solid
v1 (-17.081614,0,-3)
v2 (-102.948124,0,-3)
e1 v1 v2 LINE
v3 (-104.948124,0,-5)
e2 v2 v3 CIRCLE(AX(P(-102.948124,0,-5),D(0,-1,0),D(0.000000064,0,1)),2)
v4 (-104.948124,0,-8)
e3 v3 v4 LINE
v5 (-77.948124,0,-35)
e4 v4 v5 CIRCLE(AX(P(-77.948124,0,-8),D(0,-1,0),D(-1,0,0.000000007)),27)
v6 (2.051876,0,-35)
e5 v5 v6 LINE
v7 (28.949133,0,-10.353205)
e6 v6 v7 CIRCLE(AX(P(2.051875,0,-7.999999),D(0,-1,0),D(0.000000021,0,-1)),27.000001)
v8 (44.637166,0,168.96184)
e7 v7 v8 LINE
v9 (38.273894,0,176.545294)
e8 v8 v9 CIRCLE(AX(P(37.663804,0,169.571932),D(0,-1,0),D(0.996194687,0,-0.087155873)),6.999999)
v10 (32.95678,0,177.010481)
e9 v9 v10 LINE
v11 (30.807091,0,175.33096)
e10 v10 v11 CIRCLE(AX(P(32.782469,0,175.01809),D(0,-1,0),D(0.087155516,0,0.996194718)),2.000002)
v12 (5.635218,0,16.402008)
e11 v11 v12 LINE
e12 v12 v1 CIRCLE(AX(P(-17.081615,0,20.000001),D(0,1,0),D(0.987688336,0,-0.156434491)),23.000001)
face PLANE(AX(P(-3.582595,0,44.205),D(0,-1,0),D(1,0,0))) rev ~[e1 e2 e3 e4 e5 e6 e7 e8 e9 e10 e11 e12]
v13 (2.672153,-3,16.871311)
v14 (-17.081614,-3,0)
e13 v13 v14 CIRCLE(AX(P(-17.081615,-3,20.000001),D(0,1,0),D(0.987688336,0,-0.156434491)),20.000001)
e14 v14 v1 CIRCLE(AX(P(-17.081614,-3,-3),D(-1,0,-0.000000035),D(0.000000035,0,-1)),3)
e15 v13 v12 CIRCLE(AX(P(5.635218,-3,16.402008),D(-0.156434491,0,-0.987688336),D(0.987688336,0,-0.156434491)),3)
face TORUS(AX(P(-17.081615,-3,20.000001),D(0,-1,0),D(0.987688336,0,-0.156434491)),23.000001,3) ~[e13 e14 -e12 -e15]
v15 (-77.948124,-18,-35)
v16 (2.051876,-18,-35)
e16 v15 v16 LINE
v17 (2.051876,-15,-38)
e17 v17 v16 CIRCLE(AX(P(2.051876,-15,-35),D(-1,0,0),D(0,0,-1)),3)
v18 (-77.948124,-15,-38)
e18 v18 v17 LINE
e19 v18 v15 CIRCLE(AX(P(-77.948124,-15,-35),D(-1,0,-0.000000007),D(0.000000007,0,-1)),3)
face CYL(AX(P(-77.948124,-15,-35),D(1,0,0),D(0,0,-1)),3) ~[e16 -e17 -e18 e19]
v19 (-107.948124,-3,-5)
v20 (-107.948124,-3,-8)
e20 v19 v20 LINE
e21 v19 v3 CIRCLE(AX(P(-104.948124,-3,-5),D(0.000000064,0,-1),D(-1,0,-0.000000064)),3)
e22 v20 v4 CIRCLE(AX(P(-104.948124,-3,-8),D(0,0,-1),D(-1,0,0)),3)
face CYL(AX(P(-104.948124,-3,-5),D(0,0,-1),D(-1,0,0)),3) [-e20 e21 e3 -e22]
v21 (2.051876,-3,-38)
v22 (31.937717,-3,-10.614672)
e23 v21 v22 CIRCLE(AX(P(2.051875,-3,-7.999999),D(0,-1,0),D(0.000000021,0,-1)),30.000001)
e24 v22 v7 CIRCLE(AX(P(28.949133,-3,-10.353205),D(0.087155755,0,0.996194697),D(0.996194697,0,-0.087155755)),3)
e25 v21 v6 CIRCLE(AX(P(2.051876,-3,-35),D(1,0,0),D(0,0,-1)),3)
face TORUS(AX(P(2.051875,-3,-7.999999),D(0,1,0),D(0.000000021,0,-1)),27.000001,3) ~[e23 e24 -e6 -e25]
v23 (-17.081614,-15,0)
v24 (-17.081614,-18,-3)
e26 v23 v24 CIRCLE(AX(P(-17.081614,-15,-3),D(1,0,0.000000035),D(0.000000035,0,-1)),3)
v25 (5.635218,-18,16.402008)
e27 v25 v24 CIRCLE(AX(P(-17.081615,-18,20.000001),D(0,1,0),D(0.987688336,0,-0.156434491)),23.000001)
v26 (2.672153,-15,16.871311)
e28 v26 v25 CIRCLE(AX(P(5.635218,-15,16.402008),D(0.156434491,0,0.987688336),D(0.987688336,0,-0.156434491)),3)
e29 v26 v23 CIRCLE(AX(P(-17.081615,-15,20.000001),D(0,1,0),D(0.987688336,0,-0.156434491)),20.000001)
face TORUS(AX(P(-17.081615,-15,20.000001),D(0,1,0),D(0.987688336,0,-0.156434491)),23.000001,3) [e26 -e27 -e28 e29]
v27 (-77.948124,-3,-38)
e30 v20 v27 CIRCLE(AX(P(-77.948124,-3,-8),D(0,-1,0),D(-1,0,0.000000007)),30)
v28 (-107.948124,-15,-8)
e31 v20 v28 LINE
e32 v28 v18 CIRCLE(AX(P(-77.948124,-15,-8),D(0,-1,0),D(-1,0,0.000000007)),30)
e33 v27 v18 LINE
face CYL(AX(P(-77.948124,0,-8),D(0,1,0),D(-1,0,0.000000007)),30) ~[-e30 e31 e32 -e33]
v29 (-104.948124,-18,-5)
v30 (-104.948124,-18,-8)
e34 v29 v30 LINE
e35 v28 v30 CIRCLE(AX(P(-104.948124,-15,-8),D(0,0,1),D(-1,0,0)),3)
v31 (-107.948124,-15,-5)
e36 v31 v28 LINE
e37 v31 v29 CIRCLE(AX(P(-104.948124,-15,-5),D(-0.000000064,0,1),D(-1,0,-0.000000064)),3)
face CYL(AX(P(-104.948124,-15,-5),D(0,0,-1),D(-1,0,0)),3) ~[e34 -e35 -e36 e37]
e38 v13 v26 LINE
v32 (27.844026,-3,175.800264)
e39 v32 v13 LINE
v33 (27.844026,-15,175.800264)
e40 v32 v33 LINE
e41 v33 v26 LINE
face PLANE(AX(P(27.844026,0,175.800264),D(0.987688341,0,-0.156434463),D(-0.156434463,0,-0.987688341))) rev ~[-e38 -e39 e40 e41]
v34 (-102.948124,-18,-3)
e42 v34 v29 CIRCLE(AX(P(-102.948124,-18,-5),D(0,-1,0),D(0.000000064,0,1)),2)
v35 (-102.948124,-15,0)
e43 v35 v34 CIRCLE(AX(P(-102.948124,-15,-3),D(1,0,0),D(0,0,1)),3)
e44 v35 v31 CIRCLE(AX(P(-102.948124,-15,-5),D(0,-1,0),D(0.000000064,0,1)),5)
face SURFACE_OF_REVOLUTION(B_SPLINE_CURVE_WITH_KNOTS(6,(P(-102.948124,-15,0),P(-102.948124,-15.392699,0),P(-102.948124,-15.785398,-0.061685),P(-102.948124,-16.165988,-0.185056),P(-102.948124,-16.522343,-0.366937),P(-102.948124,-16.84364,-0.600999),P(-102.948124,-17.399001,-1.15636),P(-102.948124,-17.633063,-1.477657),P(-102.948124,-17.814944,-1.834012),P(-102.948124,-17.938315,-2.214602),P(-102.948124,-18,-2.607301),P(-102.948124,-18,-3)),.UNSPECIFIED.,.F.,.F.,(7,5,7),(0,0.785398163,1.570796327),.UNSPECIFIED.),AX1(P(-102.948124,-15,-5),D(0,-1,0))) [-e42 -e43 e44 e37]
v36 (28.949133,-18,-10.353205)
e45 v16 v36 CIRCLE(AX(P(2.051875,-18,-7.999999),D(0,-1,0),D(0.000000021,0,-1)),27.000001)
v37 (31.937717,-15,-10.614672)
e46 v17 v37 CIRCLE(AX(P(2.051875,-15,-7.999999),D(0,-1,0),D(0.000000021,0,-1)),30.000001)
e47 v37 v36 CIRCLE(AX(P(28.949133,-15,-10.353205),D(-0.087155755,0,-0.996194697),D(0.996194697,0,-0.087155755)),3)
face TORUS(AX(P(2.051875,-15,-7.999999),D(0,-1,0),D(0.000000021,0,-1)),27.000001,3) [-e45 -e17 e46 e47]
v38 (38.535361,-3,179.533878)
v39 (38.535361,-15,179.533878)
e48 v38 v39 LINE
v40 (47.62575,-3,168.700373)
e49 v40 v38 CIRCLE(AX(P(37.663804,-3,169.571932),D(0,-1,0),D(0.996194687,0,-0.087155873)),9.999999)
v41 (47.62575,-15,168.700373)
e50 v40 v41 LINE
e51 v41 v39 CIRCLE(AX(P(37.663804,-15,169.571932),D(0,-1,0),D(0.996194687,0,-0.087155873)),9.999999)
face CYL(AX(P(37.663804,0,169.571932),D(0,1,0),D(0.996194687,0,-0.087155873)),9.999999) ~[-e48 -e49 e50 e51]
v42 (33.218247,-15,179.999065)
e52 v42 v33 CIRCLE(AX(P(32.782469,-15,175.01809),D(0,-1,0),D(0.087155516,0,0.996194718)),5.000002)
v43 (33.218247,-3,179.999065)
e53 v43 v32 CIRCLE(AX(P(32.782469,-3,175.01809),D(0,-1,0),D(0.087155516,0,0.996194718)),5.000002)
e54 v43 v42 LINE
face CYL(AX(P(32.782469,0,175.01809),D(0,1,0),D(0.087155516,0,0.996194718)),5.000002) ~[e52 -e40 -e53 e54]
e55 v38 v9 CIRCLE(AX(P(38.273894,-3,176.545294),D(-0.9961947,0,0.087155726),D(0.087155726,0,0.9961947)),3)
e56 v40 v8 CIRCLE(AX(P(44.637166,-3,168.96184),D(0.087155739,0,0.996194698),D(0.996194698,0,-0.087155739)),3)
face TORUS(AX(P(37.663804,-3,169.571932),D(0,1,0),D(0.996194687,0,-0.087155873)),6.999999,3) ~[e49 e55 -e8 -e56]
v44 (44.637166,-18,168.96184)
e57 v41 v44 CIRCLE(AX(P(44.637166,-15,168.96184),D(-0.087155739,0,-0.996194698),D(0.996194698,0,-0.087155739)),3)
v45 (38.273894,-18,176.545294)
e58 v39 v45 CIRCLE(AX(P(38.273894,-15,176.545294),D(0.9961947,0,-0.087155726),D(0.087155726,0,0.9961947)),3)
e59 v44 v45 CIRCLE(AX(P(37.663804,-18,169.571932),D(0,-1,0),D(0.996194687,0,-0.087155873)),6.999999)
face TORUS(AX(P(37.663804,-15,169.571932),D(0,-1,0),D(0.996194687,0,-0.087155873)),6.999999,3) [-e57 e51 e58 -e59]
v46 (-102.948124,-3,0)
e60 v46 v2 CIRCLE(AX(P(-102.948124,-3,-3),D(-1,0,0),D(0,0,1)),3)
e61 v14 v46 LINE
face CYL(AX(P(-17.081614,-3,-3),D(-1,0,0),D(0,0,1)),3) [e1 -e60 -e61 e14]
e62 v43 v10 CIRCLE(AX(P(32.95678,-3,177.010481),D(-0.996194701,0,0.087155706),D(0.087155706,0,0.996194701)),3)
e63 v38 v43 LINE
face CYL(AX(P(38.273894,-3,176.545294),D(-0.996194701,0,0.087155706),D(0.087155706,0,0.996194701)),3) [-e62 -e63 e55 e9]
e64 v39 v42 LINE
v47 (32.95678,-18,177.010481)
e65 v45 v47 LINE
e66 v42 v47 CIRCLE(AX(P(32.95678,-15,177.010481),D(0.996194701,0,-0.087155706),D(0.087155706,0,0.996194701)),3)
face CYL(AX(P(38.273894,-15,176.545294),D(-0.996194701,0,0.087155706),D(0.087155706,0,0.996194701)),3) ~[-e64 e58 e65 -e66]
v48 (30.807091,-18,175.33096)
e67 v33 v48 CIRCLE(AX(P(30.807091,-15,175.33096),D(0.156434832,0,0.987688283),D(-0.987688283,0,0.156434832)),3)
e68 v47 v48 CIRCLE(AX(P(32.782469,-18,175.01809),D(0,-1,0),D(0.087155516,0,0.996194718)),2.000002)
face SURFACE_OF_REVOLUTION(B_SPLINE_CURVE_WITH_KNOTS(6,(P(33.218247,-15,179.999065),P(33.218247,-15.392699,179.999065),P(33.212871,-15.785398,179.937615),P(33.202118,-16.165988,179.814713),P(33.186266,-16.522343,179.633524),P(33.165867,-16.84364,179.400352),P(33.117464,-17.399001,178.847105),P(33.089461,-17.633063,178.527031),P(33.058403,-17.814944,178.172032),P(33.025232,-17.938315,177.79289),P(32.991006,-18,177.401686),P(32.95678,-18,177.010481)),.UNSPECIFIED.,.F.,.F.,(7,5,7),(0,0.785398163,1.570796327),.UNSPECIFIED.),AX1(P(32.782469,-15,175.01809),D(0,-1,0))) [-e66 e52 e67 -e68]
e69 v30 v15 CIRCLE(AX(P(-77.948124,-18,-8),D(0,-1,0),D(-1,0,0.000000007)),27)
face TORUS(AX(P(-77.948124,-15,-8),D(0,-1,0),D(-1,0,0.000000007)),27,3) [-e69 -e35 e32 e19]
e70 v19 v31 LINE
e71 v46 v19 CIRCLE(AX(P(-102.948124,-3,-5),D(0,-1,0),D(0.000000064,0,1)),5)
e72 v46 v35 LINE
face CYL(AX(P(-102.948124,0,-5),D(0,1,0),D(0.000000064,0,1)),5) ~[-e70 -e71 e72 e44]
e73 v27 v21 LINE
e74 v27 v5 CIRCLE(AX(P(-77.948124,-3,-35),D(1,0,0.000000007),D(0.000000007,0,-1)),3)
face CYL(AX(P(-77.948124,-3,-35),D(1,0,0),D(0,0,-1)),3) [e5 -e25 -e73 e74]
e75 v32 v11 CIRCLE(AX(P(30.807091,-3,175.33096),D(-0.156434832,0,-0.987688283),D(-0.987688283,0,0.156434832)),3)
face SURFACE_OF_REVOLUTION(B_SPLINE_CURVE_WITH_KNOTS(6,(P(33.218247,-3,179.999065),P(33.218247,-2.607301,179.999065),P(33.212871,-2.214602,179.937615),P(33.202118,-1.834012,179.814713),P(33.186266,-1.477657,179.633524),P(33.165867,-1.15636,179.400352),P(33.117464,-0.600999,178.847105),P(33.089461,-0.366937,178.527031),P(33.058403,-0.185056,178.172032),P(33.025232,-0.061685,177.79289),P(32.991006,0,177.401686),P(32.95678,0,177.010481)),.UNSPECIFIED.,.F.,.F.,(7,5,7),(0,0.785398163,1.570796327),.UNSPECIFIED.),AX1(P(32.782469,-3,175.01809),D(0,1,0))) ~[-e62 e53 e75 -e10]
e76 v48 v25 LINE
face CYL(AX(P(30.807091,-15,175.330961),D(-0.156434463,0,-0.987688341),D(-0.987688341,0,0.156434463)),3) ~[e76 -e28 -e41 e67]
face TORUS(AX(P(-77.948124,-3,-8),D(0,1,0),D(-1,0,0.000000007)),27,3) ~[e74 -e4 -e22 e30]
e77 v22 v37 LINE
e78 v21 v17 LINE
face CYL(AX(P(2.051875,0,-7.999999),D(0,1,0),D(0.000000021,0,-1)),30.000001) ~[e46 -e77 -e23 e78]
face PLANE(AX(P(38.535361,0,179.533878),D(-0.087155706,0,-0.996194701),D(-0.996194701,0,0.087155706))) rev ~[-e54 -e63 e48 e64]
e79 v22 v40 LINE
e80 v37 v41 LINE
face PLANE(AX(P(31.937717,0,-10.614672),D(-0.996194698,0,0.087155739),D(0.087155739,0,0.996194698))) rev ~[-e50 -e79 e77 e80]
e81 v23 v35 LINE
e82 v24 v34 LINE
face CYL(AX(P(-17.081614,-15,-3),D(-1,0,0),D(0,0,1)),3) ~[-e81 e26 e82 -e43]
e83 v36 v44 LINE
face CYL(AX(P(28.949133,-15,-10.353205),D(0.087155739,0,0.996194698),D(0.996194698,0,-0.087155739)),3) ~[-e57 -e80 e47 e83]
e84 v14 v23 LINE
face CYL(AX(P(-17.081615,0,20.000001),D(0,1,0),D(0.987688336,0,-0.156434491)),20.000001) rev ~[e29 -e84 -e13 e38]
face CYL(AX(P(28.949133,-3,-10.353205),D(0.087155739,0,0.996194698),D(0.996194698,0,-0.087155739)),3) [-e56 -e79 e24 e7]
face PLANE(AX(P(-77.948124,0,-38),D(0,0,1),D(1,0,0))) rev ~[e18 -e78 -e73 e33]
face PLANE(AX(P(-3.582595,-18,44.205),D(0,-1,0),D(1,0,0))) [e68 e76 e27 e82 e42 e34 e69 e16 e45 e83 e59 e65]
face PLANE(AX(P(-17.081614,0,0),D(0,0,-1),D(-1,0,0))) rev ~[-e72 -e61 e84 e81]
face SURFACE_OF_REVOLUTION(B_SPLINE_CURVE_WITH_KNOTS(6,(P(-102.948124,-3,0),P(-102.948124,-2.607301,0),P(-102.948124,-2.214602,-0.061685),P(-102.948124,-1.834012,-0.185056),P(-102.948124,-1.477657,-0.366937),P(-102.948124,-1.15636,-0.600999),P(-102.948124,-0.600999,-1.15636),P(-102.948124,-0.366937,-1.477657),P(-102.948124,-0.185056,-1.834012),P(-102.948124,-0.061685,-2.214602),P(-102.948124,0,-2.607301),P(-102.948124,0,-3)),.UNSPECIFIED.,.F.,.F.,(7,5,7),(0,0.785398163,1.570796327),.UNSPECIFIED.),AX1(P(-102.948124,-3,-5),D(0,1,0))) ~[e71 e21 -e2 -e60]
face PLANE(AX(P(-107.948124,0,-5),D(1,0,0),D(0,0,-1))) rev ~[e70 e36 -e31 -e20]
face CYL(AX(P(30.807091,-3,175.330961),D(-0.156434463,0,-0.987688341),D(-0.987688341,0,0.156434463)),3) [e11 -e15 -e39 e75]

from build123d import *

# Parameters (mm, degrees)
F1_DEPTH = 18
F3_R     = 3


with BuildPart() as f1:
    # F0 (on Front) → F1 (new body)
    with BuildSketch(Plane.XZ):
        with BuildLine():
            ThreePointArc((2.672153, 16.871311), (-4.092653, 4.791881), (-17.081614, 0))
            Line((-17.081614, 0), (-102.948124, 0))
            ThreePointArc((-102.948124, 0), (-106.483658, -1.464466), (-107.948124, -5))
            Line((-107.948124, -5), (-107.948124, -8))
            ThreePointArc((-107.948124, -8), (-99.161328, -29.213203), (-77.948124, -38))
            Line((-77.948124, -38), (2.051876, -38))
            ThreePointArc((2.051876, -38), (22.319582, -30.11832), (31.937717, -10.614672))
            Line((31.937717, -10.614672), (47.62575, 168.700373))
            ThreePointArc((47.62575, 168.700373), (45.324248, 175.999807), (38.535361, 179.533878))
            Line((38.535361, 179.533878), (33.218247, 179.999065))
            ThreePointArc((33.218247, 179.999065), (29.704161, 178.958145), (27.844026, 175.800264))
            Line((27.844026, 175.800264), (2.672153, 16.871311))
        make_face()
    extrude(amount=F1_DEPTH)

    # F3
    f3_edges = [f1.edges().sort_by_distance(p)[0] for p in [
        (-4.092653, 0, 4.791881),
        (-60.014869, 0, 0),
        (-106.483658, 0, -1.464466),
        (-107.948124, 0, -6.5),
        (-99.161328, 0, -29.213203),
        (-37.948124, 0, -38),
        (22.319582, 0, -30.11832),
        (39.781734, 0, 79.042851),
        (45.324248, 0, 175.999807),
        (35.876804, 0, 179.766471),
        (29.704161, 0, 178.958145),
        (15.25809, 0, 96.335787),
        (-4.092653, -18, 4.791881),
        (-60.014869, -18, 0),
        (-106.483658, -18, -1.464466),
        (-107.948124, -18, -6.5),
        (-99.161328, -18, -29.213203),
        (-37.948124, -18, -38),
        (22.319582, -18, -30.11832),
        (39.781734, -18, 79.042851),
        (45.324248, -18, 175.999807),
        (35.876804, -18, 179.766471),
        (29.704161, -18, 178.958145),
        (15.25809, -18, 96.335787),
    ]]
    fillet(f3_edges, radius=F3_R)


solid = f1.part
